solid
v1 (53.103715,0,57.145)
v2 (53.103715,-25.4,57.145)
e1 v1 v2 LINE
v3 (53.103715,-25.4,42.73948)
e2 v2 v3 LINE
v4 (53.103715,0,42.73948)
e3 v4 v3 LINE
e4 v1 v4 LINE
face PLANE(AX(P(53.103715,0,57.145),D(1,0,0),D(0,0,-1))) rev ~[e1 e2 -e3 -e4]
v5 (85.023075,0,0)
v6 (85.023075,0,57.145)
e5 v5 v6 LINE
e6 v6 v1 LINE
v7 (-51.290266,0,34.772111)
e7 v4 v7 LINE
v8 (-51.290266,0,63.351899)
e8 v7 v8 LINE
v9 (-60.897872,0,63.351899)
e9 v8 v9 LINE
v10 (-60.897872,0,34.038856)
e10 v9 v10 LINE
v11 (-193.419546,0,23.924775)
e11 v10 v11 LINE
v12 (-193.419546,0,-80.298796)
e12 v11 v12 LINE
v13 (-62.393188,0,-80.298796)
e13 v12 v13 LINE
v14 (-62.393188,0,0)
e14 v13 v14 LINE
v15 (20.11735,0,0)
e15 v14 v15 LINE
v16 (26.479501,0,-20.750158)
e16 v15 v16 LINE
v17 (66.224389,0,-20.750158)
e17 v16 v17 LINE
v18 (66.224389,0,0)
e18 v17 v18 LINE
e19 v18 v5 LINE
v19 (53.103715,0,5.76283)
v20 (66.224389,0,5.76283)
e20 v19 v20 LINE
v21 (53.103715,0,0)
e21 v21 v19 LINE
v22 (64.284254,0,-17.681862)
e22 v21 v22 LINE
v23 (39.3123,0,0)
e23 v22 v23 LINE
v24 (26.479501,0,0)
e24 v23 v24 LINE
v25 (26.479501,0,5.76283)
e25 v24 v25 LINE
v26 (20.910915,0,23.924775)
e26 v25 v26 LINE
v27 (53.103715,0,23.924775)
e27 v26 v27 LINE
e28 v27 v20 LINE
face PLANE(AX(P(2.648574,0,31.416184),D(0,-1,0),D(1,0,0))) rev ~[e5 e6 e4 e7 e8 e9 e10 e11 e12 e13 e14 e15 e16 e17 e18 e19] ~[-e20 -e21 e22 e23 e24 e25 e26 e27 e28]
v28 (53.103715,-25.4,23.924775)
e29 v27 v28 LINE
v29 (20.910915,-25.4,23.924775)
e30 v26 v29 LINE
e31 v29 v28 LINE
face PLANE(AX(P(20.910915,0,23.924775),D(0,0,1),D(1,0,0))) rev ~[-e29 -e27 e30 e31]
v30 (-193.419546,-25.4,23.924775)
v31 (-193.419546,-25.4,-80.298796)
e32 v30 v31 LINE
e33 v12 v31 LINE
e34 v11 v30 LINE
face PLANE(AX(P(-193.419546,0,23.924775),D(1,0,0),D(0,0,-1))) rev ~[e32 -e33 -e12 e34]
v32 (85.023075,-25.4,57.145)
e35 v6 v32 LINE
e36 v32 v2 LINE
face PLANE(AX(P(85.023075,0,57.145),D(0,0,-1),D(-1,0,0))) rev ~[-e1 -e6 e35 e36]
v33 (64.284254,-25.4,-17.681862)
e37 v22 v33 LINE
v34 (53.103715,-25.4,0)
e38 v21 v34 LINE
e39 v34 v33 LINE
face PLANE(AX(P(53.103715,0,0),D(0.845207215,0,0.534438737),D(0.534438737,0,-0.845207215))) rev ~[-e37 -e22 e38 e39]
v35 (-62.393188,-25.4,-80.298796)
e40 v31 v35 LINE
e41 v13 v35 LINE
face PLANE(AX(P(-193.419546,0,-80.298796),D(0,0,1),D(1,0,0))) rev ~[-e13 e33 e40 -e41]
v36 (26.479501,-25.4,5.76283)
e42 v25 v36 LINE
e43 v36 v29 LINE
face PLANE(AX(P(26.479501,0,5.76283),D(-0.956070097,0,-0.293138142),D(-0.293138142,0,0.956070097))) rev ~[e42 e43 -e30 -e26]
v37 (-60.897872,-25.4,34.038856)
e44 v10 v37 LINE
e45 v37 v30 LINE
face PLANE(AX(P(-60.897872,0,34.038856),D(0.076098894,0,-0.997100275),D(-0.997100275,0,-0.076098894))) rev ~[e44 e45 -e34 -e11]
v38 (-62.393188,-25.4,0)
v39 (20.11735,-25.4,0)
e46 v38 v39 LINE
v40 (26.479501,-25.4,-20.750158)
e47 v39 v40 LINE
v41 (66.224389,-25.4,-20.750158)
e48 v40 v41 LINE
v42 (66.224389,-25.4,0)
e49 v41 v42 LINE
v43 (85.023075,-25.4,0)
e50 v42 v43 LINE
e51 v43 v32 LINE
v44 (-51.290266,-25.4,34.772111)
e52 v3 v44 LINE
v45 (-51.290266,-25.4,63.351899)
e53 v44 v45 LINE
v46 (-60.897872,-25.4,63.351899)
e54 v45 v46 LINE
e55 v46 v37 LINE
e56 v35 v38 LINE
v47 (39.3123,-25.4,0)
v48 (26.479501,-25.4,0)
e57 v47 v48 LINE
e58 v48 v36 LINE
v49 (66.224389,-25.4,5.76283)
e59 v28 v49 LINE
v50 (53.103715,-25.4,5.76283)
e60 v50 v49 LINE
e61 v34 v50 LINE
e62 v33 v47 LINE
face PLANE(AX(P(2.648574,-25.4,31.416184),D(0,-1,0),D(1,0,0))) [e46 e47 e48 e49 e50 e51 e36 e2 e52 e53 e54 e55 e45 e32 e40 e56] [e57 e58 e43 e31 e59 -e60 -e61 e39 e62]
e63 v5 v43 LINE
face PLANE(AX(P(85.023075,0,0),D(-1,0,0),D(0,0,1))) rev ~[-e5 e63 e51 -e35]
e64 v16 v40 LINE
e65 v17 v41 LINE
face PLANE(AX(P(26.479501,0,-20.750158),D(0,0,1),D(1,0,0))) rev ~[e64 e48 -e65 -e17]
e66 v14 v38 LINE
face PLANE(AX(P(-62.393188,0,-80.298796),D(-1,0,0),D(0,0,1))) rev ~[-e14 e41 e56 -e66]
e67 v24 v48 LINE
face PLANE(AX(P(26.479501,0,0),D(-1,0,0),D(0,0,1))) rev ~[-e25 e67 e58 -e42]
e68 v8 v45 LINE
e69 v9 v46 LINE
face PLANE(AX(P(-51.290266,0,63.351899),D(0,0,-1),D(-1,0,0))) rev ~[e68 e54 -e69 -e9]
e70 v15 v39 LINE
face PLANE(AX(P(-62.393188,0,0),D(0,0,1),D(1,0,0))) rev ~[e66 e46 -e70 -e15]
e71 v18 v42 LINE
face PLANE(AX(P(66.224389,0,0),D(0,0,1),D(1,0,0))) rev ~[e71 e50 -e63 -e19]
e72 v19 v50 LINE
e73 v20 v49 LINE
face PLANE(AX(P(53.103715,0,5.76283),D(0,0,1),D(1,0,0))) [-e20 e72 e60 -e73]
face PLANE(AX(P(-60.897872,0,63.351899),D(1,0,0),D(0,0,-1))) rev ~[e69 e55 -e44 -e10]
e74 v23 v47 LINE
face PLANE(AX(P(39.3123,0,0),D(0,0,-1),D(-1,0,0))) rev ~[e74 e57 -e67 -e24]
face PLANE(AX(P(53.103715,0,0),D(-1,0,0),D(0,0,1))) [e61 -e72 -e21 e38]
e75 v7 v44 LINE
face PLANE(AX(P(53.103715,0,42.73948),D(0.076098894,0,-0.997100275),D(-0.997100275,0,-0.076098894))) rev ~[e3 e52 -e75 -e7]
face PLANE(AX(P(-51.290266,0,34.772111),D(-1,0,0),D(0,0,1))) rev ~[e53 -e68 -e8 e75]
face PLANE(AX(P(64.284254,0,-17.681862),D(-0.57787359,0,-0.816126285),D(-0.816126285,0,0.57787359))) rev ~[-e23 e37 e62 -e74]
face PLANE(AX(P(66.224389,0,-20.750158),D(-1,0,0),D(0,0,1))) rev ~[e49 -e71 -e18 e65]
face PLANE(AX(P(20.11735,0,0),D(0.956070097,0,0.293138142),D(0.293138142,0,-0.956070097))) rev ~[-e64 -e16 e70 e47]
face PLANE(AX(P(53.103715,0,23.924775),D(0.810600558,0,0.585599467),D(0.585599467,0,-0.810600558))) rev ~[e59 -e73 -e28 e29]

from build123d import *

# Parameters (mm, degrees)
F0_W     = 13.1206735969
F0_H     = 5.7628303766
F0_W_2   = 9.6076056361
F0_H_2   = 23.9247754216
F0_W_3   = 1.4953166246
F1_DEPTH = 25.4


with BuildPart() as f1:
    # F0 (on Front) → F1 (new body)
    with BuildSketch(Plane.XZ):
        Polygon((20.9109149873, 23.9247754216), (53.1037151814, 23.9247754216), (53.1037151814, 42.7394804328), (-51.2902662158, 34.7721107152), (-51.2902662158, 23.9247754216), align=None)
        Polygon((53.1037151814, 42.7394804328), (53.1037151814, 23.9247754216), (66.2243887782, 5.7628303766), (66.2243887782, 0), (85.0230753422, 0), (85.0230753422, 45.1755724388), align=None)
        Polygon((20.1173499505, 0), (20.9109149873, 23.9247754216), (-51.2902662158, 23.9247754216), (-51.2902662158, 0), align=None)
        Polygon((26.4795012772, 5.7628303766), (20.9109149873, 23.9247754216), (20.1173499505, 0), (26.4795012772, 0), align=None)
        with Locations((59.6640519798, 2.8814151883)):
            Rectangle(F0_W, F0_H)
        Polygon((53.1037151814, 57.1449995041), (53.1037151814, 42.7394804328), (85.0230753422, 45.1755724388), (85.0230753422, 57.1449995041), align=None)
        with Locations((-56.0940690339, 11.9623877108)):
            Rectangle(F0_W_2, F0_H_2)
        Polygon((-60.8978718519, 23.9247754216), (-51.2902662158, 23.9247754216), (-51.2902662158, 34.7721107152), (-60.8978718519, 34.0388563151), align=None)
        Polygon((26.4795012772, 0), (20.1173499505, 0), (26.4795012772, -20.7501575351), align=None)
        Polygon((66.2243887782, 0), (53.1037151814, 0), (64.2842540453, -17.6818622185), (66.2243887782, -19.0556111635), align=None)
        Polygon((-60.8978718519, 34.0388563151), (-51.2902662158, 34.7721107152), (-51.2902662158, 63.3518993855), (-60.8978718519, 63.3518993855), align=None)
        with Locations((-61.6455301642, 11.9623877108)):
            Rectangle(F0_W_3, F0_H_2)
        Polygon((-62.3931884766, 23.9247754216), (-60.8978718519, 23.9247754216), (-60.8978718519, 34.0388563151), (-193.4195458889, 23.9247754216), align=None)
        Polygon((39.3123003569, 0), (26.4795012772, 0), (26.4795012772, -20.7501575351), (66.2243887782, -20.7501575351), (64.2842540453, -17.6818622185), align=None)
        Polygon((66.2243887782, -19.0556111635), (64.2842540453, -17.6818622185), (66.2243887782, -20.7501575351), align=None)
        Polygon((-62.3931884766, 0), (-62.3931884766, 23.9247754216), (-193.4195458889, 23.9247754216), (-193.4195458889, -80.2987962961), (-62.3931884766, -80.2987962961), align=None)
    extrude(amount=F1_DEPTH)


solid = f1.part
